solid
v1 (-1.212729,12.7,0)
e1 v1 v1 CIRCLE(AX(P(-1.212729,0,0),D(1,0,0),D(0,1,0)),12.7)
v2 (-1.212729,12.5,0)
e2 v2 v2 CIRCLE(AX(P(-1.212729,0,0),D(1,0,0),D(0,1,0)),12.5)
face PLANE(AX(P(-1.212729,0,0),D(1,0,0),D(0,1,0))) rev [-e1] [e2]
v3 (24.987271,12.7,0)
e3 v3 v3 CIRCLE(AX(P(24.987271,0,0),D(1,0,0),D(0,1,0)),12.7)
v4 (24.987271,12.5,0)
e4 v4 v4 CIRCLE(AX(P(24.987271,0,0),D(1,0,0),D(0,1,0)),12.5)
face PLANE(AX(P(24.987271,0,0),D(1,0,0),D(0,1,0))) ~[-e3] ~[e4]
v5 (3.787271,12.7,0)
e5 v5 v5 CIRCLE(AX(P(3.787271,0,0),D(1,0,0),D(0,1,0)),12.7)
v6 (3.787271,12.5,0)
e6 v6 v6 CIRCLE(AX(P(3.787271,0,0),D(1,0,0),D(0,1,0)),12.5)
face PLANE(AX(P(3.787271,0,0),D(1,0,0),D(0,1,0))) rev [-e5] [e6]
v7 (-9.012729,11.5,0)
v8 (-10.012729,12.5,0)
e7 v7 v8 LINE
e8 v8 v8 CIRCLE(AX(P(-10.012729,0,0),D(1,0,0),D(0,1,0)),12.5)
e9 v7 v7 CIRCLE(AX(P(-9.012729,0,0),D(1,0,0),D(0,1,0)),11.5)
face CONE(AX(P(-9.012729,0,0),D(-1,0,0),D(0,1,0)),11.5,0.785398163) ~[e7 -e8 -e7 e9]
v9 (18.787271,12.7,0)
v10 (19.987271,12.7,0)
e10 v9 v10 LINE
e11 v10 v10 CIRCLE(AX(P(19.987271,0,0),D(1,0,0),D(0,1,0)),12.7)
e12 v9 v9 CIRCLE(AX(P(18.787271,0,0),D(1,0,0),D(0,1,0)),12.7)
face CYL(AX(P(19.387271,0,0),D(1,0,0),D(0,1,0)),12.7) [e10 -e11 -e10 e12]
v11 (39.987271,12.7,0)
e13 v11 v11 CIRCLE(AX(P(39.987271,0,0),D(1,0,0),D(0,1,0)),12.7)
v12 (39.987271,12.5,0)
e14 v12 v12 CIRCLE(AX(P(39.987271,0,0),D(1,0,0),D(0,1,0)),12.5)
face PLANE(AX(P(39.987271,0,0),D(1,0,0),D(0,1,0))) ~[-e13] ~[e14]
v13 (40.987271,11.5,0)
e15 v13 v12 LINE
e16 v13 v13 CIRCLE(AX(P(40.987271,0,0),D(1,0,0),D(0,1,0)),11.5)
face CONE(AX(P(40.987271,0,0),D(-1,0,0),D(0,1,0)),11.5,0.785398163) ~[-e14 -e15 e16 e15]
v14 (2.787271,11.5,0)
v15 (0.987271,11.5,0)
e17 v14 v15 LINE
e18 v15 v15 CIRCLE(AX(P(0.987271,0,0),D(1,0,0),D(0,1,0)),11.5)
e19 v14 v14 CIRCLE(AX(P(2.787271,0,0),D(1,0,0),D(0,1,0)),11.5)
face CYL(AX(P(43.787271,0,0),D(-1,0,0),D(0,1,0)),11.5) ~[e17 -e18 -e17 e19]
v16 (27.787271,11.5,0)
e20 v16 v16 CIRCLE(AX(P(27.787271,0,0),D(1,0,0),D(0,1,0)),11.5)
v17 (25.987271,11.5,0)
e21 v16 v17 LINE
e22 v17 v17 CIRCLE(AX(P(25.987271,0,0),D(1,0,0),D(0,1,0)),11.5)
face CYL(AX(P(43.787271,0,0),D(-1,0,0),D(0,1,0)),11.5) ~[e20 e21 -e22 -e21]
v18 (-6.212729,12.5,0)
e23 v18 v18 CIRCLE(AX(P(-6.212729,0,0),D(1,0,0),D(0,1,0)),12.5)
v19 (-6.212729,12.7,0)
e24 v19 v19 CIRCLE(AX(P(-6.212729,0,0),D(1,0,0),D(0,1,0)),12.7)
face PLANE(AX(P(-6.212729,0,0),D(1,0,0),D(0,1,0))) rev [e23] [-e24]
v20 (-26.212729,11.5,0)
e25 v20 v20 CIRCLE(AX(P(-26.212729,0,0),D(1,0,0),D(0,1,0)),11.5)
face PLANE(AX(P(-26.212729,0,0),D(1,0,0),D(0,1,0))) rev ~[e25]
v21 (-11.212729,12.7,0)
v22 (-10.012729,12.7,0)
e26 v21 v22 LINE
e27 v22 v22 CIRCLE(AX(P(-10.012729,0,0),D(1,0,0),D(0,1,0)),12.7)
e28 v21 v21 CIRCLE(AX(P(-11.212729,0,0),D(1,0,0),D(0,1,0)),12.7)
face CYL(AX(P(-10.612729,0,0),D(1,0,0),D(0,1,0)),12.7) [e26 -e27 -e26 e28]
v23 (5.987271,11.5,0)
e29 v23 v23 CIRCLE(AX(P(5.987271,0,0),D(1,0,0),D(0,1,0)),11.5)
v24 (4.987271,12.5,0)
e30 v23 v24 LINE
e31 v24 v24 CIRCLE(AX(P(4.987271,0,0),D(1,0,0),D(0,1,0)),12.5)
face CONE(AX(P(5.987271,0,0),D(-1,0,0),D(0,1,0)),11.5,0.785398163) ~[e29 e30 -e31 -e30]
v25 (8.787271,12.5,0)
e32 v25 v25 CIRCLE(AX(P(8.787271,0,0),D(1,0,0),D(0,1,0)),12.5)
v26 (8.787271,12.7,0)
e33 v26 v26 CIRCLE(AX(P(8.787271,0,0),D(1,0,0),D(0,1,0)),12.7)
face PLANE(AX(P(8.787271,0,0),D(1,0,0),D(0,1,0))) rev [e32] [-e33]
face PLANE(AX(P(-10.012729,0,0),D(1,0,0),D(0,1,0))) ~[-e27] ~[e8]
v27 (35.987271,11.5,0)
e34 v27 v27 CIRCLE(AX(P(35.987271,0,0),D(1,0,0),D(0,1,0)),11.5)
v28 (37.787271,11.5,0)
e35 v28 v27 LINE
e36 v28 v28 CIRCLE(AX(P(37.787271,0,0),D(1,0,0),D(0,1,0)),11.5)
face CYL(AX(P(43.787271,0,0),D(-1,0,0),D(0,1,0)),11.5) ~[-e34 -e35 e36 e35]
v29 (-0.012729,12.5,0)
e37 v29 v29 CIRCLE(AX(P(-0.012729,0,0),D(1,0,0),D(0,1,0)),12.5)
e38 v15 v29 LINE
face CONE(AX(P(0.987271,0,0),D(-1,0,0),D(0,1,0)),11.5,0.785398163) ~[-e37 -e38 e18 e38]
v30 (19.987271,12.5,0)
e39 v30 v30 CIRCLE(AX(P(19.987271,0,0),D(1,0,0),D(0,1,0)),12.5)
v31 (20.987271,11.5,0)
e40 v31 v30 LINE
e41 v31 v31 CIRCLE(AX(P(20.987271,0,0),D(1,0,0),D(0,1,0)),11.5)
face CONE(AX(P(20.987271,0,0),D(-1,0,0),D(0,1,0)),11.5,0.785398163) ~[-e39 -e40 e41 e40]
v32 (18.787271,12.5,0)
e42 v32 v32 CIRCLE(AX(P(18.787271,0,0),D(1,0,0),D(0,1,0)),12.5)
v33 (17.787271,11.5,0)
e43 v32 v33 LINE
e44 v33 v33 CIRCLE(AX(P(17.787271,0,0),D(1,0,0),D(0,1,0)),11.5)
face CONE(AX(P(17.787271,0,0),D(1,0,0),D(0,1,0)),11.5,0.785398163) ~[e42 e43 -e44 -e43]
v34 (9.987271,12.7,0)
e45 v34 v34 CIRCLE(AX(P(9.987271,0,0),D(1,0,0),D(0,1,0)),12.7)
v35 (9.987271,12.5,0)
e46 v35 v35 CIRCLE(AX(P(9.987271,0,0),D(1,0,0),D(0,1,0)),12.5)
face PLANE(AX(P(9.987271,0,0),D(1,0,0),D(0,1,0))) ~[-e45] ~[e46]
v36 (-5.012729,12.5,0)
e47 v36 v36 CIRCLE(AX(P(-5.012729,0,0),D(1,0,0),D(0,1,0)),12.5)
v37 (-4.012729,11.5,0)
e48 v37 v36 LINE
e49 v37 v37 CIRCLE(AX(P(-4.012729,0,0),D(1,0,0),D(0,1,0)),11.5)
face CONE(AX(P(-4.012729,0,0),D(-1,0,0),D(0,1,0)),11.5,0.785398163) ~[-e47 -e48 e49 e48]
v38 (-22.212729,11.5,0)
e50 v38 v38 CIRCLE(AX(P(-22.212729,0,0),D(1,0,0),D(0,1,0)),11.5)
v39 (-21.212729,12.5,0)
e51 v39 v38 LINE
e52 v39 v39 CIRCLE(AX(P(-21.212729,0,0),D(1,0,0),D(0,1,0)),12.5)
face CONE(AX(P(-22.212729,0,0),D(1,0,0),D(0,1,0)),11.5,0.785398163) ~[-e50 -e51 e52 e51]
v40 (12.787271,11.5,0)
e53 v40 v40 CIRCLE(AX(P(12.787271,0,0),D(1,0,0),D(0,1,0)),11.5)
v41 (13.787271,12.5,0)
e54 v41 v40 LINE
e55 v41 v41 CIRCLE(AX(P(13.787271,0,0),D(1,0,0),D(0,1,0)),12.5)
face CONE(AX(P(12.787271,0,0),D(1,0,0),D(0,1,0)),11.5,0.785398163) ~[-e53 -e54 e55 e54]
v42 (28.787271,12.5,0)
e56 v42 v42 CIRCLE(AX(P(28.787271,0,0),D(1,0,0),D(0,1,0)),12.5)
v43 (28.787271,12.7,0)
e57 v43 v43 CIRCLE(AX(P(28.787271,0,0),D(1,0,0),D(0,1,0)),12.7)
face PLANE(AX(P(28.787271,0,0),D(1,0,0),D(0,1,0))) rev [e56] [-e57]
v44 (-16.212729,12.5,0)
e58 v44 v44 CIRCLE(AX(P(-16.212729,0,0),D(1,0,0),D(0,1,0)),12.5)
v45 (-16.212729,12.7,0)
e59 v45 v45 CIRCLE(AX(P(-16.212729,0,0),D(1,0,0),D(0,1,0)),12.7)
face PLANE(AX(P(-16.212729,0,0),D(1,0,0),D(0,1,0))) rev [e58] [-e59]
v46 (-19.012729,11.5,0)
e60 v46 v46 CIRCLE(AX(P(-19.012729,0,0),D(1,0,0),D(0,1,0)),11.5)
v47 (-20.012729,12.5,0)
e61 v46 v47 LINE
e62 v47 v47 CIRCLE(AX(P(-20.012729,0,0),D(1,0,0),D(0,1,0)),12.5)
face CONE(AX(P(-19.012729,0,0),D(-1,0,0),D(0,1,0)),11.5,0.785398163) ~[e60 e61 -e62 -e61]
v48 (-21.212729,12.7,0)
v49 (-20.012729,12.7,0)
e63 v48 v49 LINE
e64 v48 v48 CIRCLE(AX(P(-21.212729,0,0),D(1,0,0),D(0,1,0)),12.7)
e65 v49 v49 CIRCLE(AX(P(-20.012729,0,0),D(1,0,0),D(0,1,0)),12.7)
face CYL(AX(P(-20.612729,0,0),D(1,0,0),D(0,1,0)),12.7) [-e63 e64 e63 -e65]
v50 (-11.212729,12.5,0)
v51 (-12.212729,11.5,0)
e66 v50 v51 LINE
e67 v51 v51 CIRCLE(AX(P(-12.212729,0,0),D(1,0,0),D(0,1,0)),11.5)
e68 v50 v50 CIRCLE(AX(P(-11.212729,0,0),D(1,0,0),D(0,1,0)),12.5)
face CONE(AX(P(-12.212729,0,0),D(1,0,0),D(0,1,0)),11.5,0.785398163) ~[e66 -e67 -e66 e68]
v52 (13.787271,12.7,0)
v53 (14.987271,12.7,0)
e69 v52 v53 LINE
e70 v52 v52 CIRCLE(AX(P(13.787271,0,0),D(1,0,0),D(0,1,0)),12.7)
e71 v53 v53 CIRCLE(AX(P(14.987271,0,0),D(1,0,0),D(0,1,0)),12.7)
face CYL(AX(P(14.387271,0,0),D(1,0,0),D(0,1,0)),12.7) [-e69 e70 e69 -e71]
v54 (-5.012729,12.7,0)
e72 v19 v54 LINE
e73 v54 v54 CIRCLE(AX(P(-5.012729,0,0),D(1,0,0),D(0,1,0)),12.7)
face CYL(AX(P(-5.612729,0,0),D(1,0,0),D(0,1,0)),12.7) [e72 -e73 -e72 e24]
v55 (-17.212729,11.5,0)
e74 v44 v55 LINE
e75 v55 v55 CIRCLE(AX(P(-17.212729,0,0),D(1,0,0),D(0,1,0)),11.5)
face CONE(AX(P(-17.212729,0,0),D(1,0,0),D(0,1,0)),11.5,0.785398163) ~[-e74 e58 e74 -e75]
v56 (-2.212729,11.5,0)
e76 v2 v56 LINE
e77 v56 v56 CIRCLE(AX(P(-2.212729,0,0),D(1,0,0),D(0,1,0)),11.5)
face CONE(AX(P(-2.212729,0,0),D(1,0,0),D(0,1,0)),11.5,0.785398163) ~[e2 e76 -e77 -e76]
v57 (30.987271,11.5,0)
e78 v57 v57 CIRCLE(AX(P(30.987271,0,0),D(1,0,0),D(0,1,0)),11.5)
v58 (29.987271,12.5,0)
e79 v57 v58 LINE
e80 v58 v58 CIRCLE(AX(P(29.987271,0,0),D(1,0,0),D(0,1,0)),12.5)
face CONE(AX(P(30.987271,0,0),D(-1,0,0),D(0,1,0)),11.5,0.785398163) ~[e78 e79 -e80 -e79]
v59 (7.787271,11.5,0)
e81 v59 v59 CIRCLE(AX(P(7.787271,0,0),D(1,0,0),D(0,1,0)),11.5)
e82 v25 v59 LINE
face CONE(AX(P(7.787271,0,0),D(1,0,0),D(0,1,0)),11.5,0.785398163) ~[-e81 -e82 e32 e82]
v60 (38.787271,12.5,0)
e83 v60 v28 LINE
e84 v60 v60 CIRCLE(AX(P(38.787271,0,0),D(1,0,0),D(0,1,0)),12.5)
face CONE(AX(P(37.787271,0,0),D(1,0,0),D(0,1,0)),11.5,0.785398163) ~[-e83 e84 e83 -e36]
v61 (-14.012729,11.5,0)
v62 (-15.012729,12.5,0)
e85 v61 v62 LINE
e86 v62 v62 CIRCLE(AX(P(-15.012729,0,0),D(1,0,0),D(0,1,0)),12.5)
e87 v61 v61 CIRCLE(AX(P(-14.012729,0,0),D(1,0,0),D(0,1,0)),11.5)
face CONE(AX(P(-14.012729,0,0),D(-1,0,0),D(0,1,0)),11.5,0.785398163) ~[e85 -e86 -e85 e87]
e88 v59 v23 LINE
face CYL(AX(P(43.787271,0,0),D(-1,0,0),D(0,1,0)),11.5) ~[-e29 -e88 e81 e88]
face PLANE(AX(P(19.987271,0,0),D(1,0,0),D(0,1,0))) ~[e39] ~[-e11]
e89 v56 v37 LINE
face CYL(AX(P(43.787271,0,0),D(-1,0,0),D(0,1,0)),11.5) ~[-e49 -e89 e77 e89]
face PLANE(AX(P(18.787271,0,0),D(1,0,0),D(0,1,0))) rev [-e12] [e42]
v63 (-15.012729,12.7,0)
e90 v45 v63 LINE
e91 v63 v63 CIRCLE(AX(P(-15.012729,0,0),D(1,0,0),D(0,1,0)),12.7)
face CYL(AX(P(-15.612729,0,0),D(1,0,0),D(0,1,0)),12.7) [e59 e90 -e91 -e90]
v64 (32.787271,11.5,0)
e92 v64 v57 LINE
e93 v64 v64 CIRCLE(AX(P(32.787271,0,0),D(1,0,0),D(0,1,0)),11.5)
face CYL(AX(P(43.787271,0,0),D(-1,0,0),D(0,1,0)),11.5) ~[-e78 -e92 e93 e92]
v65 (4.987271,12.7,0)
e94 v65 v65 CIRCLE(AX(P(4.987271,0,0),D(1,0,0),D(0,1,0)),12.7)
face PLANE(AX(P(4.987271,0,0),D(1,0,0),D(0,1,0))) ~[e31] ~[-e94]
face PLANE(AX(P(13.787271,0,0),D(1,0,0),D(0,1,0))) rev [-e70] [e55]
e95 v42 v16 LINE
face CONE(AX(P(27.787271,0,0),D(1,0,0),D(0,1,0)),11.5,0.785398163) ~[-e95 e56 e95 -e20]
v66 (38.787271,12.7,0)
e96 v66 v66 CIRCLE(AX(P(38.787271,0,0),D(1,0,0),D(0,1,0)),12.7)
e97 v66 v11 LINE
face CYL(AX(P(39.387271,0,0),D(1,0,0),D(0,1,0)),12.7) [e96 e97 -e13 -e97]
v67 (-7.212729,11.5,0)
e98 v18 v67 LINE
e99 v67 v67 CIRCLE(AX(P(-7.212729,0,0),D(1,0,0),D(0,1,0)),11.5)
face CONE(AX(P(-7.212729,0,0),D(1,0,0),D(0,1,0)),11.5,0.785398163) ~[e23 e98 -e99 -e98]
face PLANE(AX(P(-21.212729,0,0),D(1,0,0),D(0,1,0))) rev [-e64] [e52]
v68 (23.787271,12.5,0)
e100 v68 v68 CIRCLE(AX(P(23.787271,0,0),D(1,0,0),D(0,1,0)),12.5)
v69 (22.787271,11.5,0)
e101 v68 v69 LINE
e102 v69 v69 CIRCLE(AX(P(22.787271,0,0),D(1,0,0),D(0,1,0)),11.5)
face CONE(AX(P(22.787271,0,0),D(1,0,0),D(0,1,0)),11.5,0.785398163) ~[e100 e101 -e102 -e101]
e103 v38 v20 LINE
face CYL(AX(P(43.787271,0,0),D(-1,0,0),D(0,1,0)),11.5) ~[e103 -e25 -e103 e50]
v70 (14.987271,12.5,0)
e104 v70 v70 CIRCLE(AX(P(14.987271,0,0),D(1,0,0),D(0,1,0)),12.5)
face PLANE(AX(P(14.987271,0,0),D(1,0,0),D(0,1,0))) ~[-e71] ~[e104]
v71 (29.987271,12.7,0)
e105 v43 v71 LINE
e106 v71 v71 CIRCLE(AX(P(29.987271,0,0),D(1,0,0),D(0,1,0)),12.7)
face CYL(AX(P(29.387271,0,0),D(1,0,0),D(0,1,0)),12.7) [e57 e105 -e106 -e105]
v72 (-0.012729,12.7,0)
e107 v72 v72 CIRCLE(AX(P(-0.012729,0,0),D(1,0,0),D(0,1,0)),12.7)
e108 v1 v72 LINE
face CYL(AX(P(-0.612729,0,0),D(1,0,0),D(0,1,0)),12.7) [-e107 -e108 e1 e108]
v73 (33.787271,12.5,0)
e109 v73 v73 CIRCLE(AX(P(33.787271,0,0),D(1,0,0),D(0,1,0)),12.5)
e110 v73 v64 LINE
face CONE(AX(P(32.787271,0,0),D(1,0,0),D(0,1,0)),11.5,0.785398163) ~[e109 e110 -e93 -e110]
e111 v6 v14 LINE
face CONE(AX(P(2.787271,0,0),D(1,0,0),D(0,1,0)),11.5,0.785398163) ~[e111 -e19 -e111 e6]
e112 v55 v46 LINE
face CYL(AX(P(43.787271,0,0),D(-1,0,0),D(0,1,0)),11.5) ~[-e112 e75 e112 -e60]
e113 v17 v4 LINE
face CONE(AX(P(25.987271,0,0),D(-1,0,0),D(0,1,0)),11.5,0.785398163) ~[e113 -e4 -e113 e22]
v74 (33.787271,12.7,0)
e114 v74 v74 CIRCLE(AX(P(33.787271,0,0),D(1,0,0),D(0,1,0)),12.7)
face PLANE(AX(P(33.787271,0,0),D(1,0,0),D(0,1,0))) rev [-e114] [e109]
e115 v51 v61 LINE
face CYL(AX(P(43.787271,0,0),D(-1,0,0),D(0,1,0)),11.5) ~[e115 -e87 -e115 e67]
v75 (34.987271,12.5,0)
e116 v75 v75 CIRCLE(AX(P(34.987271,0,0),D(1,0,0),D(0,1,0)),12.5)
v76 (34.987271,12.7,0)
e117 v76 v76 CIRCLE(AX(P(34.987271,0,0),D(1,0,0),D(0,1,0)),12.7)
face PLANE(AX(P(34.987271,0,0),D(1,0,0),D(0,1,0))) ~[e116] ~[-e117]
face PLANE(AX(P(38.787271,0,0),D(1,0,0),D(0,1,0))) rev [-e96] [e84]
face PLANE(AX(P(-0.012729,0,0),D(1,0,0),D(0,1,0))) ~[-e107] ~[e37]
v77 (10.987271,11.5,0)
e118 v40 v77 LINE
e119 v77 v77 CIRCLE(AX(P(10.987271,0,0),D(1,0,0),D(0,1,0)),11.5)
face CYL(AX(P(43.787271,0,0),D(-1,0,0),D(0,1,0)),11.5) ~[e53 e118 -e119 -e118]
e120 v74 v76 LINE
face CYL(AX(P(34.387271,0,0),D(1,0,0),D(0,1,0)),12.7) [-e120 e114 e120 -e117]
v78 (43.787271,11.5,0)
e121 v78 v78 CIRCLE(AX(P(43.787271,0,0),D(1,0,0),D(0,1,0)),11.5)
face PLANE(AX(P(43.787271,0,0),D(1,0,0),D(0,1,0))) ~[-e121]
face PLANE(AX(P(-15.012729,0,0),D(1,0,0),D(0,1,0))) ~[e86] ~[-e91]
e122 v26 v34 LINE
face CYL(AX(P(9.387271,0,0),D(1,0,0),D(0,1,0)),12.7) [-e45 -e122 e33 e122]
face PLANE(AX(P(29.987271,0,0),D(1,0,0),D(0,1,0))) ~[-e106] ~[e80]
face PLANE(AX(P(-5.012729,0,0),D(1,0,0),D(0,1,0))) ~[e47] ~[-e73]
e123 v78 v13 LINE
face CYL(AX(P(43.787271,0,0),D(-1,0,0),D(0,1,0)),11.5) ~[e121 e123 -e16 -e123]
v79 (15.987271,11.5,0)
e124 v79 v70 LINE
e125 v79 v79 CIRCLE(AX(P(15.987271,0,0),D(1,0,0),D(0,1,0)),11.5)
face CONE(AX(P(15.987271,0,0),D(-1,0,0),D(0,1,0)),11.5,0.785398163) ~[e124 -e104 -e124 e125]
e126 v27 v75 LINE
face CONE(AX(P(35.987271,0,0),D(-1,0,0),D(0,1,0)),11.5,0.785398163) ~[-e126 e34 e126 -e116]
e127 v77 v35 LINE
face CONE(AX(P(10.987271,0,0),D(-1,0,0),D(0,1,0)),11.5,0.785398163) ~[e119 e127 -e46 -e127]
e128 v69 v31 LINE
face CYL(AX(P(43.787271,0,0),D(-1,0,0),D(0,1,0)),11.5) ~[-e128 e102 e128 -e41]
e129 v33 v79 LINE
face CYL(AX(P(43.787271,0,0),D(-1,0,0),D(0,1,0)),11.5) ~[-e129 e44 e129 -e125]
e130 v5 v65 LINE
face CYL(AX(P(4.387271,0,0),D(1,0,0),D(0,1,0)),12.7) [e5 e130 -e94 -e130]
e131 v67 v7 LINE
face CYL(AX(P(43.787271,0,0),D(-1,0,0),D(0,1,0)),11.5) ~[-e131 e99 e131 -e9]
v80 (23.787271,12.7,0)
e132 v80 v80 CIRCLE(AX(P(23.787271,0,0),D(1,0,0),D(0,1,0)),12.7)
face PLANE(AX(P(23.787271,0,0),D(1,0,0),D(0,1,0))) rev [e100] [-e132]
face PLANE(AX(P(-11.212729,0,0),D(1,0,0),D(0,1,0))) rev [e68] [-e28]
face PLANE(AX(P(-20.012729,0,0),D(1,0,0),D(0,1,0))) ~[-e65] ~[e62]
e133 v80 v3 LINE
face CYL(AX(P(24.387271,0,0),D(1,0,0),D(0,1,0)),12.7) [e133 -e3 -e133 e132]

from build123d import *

# Parameters (mm, degrees)
F0_W    = 1.2
F0_H    = 1.2
F2_SIZE = 1


with BuildPart() as f1:
    # F0 (on Top) → F1 (revolve)
    with BuildSketch(Plane.XY):
        Polygon((-26.212729, 11.5), (-26.212729, 0), (43.787271, 0), (43.787271, 11.5), (39.987271, 11.5), (38.787271, 11.5), (34.987271, 11.5), (33.787271, 11.5), (29.987271, 11.5), (28.787271, 11.5), (24.987271, 11.5), (23.787271, 11.5), (19.987271, 11.5), (18.787271, 11.5), (14.987271, 11.5), (13.787271, 11.5), (9.987271, 11.5), (8.787271, 11.5), (4.987271, 11.5), (3.787271, 11.5), (-0.012729, 11.5), (-1.212729, 11.5), (-5.012729, 11.5), (-6.212729, 11.5), (-10.012729, 11.5), (-11.212729, 11.5), (-15.012729, 11.5), (-16.212729, 11.5), (-20.012729, 11.5), (-21.212729, 11.5), align=None)
        with Locations((19.387271, 12.1)):
            Rectangle(F0_W, F0_H)
        with Locations((14.387271, 12.1)):
            Rectangle(F0_W, F0_H)
        with Locations((9.387271, 12.1)):
            Rectangle(F0_W, F0_H)
        with Locations((4.387271, 12.1)):
            Rectangle(F0_W, F0_H)
        with Locations((-0.612729, 12.1)):
            Rectangle(F0_W, F0_H)
        with Locations((-5.612729, 12.1)):
            Rectangle(F0_W, F0_H)
        with Locations((-10.612729, 12.1)):
            Rectangle(F0_W, F0_H)
        with Locations((-15.612729, 12.1)):
            Rectangle(F0_W, F0_H)
        with Locations((-20.612729, 12.1)):
            Rectangle(F0_W, F0_H)
        with Locations((24.387271, 12.1)):
            Rectangle(F0_W, F0_H)
        with Locations((29.387271, 12.1)):
            Rectangle(F0_W, F0_H)
        with Locations((34.387271, 12.1)):
            Rectangle(F0_W, F0_H)
        with Locations((39.387271, 12.1)):
            Rectangle(F0_W, F0_H)
    revolve(axis=Axis((8.787271, 0, 0), (1, 0, 0)))

    # F2
    f2_edges = [f1.edges().sort_by_distance(p)[0] for p in [
        (-21.212729, -11.5, 0),
        (-16.212729, -11.5, 0),
        (-11.212729, -11.5, 0),
        (-6.212729, -11.5, 0),
        (19.987271, -11.5, 0),
        (14.987271, -11.5, 0),
        (9.987271, -11.5, 0),
        (4.987271, -11.5, 0),
        (-1.212729, -11.5, 0),
        (-0.012729, -11.5, 0),
        (-20.012729, -11.5, 0),
        (-15.012729, -11.5, 0),
        (-10.012729, -11.5, 0),
        (-5.012729, -11.5, 0),
        (3.787271, -11.5, 0),
        (8.787271, -11.5, 0),
        (13.787271, -11.5, 0),
        (18.787271, -11.5, 0),
        (23.787271, -11.5, 0),
        (24.987271, -11.5, 0),
        (28.787271, -11.5, 0),
        (29.987271, -11.5, 0),
        (33.787271, -11.5, 0),
        (34.987271, -11.5, 0),
        (38.787271, -11.5, 0),
        (39.987271, -11.5, 0),
    ]]
    chamfer(f2_edges, length=F2_SIZE)


solid = f1.part
